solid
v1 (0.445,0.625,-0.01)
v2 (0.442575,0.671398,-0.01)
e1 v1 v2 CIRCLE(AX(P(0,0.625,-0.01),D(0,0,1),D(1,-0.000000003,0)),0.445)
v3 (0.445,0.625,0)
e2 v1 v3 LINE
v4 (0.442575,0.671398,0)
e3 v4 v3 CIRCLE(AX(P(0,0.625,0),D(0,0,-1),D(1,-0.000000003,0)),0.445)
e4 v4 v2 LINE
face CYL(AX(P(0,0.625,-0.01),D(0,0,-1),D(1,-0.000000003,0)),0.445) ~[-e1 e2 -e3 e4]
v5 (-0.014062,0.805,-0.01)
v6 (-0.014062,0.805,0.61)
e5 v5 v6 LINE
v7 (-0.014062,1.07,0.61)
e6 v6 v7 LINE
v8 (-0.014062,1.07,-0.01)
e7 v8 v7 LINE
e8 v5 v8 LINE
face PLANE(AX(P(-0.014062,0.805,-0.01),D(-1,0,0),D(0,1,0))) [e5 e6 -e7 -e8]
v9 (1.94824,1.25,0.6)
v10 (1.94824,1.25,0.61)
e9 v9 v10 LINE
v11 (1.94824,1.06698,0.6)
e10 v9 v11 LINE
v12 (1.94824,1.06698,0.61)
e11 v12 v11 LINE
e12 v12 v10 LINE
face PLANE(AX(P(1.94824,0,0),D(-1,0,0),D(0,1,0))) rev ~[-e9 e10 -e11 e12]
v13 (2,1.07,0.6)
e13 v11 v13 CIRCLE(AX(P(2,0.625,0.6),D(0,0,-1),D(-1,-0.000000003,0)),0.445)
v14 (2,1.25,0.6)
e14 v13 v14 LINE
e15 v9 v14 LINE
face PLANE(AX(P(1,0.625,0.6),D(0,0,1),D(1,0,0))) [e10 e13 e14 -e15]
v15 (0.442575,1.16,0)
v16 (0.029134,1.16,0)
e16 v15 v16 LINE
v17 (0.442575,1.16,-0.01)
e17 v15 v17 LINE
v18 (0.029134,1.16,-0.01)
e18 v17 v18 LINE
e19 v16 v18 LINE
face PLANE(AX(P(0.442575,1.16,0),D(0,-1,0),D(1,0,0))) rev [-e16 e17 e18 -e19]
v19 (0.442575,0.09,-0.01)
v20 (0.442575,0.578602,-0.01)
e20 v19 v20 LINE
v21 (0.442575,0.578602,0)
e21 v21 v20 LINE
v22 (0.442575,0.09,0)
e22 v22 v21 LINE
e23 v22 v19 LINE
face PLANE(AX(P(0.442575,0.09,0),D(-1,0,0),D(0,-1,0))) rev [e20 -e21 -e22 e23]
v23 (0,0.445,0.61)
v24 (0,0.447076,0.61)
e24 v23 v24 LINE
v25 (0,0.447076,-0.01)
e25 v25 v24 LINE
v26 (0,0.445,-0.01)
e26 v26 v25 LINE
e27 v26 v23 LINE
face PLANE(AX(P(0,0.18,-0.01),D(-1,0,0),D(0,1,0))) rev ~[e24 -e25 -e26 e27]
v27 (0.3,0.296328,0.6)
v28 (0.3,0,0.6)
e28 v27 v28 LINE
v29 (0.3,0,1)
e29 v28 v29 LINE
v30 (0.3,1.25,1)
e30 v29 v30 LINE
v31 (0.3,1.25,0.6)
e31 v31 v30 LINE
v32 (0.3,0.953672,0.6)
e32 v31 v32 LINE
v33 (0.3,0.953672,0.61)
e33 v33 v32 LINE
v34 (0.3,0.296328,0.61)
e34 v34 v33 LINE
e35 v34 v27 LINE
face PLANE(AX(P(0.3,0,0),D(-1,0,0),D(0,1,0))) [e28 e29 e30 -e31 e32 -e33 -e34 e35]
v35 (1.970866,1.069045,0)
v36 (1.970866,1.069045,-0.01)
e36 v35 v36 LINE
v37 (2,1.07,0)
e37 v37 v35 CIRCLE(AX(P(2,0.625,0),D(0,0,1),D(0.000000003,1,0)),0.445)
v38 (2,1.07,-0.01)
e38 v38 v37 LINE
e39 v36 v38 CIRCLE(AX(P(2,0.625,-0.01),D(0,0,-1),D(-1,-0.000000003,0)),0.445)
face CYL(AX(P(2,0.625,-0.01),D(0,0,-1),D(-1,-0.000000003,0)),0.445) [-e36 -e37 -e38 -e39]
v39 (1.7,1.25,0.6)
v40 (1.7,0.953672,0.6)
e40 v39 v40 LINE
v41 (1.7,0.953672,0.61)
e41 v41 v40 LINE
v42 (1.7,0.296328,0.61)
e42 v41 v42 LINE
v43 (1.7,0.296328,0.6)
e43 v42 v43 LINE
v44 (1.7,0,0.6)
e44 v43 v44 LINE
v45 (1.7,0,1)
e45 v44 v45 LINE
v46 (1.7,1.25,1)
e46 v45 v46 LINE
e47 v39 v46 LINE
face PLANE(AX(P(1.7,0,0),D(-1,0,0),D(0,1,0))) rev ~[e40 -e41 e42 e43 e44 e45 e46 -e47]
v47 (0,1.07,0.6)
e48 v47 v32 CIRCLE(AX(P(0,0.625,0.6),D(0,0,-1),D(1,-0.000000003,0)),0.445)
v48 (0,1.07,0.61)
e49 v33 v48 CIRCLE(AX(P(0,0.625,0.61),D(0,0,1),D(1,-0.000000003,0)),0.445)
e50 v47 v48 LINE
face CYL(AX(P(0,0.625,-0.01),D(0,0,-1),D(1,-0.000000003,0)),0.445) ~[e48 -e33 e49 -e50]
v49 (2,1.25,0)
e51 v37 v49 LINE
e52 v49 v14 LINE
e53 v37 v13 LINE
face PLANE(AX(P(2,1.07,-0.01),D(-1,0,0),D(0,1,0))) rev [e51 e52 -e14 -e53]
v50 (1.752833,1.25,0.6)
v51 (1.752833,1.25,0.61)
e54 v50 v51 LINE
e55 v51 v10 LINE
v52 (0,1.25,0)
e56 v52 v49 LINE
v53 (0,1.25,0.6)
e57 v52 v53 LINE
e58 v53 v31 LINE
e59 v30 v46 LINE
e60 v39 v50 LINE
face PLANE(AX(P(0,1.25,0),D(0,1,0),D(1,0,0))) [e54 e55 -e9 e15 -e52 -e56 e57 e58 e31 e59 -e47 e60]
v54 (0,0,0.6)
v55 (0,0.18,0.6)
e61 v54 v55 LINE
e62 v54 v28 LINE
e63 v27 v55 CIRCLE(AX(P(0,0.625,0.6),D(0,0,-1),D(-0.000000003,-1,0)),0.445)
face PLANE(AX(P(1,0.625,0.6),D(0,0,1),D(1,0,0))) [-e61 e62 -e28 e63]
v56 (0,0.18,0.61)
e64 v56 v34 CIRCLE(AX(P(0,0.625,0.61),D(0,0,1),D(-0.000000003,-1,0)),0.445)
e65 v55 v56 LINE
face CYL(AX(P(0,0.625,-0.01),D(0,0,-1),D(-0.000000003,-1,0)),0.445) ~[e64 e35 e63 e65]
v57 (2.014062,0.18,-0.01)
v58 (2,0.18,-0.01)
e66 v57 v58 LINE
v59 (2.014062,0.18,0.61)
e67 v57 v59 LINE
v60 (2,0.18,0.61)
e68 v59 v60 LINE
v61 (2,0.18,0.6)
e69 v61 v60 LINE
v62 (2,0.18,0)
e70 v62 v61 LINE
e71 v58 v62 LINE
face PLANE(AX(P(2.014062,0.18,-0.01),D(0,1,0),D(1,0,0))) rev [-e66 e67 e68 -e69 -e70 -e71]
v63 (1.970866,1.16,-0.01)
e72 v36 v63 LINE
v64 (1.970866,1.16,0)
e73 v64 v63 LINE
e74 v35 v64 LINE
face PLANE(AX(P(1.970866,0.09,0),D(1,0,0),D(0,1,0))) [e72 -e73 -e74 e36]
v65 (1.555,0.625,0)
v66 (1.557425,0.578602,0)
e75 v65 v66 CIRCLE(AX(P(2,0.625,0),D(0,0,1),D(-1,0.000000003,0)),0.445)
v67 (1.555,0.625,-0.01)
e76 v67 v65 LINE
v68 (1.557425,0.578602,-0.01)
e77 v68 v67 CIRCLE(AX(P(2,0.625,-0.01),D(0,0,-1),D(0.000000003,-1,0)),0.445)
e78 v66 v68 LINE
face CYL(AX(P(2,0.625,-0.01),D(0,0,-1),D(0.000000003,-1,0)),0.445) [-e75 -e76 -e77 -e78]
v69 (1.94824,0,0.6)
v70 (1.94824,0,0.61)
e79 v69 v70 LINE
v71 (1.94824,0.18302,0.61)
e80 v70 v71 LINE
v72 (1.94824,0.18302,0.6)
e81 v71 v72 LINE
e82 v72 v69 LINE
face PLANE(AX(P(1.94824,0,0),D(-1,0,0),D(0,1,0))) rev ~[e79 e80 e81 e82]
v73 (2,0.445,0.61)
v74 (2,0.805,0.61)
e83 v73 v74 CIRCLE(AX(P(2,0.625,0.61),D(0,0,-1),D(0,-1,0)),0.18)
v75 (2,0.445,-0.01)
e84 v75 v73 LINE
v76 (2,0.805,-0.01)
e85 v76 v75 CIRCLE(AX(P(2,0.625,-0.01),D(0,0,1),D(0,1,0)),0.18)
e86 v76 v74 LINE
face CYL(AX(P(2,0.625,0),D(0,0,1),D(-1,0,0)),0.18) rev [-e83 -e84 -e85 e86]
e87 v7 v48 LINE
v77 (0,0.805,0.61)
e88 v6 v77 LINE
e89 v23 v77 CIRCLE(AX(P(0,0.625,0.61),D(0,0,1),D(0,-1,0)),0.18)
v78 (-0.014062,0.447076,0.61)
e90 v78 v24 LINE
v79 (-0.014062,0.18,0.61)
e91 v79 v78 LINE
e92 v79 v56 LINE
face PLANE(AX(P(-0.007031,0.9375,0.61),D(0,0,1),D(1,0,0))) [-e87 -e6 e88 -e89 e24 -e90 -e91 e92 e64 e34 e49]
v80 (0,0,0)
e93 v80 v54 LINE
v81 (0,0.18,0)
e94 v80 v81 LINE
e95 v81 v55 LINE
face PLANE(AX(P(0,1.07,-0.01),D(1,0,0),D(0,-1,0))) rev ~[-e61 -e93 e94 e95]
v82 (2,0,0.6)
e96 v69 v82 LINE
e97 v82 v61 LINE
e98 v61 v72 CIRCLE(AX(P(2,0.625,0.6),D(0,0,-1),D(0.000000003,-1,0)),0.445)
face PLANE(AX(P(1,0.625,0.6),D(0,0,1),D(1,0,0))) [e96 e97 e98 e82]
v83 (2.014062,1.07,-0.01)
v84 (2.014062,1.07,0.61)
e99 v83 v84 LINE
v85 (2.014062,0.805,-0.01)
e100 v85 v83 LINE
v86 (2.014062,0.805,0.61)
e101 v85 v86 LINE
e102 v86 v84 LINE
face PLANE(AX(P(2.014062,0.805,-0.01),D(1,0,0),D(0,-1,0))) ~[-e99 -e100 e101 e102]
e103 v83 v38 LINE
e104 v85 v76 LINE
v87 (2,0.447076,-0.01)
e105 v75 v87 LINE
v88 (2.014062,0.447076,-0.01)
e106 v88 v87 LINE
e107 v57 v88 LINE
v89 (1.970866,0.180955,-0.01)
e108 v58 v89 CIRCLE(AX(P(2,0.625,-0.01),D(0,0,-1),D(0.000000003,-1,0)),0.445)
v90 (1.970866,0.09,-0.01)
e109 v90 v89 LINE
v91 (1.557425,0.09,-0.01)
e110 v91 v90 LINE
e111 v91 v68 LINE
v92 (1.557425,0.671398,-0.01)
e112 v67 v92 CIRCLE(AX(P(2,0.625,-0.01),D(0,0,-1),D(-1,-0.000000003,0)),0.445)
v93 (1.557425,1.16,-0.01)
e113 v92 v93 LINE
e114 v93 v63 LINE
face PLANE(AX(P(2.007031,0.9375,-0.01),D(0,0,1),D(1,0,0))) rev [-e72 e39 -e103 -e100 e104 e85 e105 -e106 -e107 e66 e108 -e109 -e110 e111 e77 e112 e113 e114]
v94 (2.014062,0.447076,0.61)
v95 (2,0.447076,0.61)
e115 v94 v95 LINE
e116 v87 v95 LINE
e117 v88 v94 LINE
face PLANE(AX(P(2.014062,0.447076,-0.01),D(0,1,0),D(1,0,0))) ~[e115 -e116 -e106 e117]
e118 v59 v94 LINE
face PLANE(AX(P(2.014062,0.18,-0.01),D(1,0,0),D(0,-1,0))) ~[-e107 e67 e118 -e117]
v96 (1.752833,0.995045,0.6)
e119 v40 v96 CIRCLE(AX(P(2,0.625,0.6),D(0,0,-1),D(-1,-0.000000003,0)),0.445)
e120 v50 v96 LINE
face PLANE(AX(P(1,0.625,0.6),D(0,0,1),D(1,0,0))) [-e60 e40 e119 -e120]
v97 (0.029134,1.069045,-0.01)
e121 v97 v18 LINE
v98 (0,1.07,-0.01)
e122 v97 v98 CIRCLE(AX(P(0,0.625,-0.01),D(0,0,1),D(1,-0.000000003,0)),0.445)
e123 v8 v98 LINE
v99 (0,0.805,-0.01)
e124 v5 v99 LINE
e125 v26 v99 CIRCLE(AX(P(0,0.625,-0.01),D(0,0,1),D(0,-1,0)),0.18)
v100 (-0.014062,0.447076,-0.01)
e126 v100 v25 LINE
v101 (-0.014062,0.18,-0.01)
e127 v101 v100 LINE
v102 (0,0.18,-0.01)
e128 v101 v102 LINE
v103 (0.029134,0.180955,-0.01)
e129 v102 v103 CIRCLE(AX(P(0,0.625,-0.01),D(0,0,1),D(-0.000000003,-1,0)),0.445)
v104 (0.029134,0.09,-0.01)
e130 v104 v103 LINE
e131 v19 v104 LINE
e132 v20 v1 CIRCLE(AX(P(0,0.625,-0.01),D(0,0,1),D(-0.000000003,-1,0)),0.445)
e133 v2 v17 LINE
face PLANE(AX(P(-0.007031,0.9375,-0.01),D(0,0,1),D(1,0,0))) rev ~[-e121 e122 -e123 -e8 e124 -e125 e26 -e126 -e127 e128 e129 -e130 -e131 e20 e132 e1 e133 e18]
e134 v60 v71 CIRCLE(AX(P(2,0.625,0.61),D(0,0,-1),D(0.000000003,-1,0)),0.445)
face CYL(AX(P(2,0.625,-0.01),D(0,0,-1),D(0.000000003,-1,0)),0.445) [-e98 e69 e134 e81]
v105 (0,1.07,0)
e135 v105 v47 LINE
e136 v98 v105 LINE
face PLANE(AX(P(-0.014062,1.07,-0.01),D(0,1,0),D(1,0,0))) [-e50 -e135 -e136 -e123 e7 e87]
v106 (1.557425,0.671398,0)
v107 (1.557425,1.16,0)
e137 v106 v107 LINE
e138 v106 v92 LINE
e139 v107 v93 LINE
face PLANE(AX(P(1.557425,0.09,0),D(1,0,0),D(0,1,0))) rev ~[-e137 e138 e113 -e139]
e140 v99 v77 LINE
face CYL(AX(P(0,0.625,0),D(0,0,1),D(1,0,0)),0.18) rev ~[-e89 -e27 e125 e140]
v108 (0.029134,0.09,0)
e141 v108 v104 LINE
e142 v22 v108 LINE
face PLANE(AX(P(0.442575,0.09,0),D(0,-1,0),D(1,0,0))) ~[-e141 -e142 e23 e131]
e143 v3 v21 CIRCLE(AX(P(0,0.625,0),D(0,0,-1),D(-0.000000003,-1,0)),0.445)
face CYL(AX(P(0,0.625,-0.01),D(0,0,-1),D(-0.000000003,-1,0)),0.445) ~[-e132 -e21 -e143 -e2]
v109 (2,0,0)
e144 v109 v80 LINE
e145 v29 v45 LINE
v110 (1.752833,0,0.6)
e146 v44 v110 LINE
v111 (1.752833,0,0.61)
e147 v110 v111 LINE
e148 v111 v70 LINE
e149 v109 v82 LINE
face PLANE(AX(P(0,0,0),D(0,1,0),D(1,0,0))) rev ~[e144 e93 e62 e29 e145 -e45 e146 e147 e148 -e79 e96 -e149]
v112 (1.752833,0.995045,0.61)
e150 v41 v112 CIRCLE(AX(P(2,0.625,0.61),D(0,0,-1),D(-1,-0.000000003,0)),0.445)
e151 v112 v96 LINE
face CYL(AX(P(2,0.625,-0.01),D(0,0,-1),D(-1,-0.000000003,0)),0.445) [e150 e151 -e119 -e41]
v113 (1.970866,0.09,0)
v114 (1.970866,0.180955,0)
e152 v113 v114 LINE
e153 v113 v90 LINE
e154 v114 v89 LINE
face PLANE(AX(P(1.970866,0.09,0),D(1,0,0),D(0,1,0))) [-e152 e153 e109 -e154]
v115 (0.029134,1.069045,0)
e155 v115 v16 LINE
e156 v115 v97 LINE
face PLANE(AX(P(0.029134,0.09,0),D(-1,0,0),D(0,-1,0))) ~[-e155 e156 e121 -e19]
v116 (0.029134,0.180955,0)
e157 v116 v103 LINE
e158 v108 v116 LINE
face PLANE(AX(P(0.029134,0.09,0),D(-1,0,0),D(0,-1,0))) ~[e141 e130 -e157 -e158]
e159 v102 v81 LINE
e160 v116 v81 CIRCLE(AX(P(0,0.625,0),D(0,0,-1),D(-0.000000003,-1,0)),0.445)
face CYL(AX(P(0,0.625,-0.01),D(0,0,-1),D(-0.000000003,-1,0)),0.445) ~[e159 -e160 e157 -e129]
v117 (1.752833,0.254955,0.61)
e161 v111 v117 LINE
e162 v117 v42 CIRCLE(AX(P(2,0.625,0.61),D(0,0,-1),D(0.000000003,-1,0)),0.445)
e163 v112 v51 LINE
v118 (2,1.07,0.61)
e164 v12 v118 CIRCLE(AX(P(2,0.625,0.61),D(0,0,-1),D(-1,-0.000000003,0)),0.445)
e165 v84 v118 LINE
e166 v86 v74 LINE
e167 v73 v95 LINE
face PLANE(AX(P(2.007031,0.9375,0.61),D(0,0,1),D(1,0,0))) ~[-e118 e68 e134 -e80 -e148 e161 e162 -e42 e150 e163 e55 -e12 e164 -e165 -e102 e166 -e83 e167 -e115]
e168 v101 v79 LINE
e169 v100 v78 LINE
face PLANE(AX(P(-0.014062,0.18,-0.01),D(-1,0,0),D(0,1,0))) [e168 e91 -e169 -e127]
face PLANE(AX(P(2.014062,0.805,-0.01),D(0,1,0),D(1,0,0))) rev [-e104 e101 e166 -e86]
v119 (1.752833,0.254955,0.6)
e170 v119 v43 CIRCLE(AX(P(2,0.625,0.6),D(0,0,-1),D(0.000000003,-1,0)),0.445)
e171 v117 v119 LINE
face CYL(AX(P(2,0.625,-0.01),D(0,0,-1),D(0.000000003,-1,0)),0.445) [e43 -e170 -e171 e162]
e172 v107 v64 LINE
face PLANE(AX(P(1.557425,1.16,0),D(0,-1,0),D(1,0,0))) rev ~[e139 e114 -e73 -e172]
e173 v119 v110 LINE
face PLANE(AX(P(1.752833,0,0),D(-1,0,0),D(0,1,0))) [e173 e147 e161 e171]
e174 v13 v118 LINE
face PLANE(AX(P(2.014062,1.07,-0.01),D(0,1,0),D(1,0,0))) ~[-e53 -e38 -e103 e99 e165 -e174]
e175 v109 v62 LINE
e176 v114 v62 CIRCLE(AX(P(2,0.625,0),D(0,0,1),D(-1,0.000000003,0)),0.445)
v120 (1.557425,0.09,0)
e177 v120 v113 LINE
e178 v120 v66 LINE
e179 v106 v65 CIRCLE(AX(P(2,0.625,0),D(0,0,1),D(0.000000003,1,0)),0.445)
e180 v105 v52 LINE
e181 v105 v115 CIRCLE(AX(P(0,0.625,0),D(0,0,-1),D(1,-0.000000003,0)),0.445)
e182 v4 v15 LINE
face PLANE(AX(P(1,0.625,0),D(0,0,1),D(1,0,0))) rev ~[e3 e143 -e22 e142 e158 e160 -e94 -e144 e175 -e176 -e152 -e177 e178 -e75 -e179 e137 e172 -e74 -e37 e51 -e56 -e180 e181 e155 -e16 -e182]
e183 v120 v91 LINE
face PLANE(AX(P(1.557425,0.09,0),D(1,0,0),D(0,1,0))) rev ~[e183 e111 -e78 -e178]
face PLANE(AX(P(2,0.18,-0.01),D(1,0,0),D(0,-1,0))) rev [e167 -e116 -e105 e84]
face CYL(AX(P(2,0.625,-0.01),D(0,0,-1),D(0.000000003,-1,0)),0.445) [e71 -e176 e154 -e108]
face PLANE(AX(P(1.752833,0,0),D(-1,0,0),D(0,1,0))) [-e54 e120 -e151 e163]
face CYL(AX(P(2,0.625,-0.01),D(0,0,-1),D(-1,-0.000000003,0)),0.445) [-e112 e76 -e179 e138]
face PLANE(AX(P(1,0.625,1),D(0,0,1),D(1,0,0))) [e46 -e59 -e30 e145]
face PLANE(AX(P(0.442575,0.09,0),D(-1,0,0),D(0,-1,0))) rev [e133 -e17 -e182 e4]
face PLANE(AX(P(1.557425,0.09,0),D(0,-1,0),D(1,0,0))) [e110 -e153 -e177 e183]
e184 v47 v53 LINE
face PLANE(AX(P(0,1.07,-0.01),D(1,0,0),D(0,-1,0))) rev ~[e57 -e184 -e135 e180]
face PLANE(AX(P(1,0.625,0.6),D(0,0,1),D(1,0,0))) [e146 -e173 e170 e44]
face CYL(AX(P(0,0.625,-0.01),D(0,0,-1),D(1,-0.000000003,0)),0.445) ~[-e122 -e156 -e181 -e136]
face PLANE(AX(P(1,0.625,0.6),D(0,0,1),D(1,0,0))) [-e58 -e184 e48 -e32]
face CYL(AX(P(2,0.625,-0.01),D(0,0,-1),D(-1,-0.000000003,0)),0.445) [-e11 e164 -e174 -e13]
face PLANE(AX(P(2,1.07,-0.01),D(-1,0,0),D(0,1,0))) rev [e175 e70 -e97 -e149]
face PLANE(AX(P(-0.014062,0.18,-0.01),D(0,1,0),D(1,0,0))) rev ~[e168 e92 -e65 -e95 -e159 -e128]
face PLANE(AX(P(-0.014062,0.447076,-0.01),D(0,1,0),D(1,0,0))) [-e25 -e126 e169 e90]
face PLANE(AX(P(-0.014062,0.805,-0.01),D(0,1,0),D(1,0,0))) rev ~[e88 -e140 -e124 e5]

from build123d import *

# Parameters (mm, degrees)
SKETCH1_W           = 2
SKETCH1_H           = 1.25
BOSS_EXTRUDE1_DEPTH = 0.6
SKETCH2_W           = 1.4
SKETCH2_H           = 1.25
BOSS_EXTRUDE2_DEPTH = 1
BOSS_EXTRUDE3_START = -0.01
BOSS_EXTRUDE3_DEPTH = 0.62
SKETCH4_W           = 0.19540743
SKETCH4_H           = 1.25
BOSS_EXTRUDE4_DEPTH = 0.61
SKETCH7_W           = 0.413440983
SKETCH7_H           = 1.07
BOSS_EXTRUDE5_DEPTH = 0.01
SKETCH8_R           = 0.18
CUT_EXTRUDE1_DEPTH  = 3.561737691
BOSS_EXTRUDE6_START = -0.01
SKETCH9_W           = 0.014061716
SKETCH9_H           = 0.265
SKETCH9_H_2         = 0.267076393
BOSS_EXTRUDE6_DEPTH = 0.62


with BuildPart() as part:
    # Sketch1 → Boss-Extrude1 (new body)
    with BuildSketch(Plane.XY):
        with Locations((1, 0.625)):
            Rectangle(SKETCH1_W, SKETCH1_H)
    extrude(amount=BOSS_EXTRUDE1_DEPTH)

    # Sketch2 → Boss-Extrude2 (add)
    with BuildSketch(Plane.XY):
        with Locations((1, 0.625)):
            Rectangle(SKETCH2_W, SKETCH2_H)
    extrude(amount=BOSS_EXTRUDE2_DEPTH)

    # Sketch3 → Boss-Extrude3 (add)
    with BuildSketch(Plane.XY.offset(BOSS_EXTRUDE3_START)):
        with BuildLine():
            ThreePointArc((0.445, 0.625), (0.314662518, 0.939662518), (0, 1.07))
            Line((0, 1.07), (0, 0.18))
            ThreePointArc((0, 0.18), (0.314662518, 0.310337482), (0.445, 0.625))
        make_face()
    boss_extrude3 = extrude(amount=BOSS_EXTRUDE3_DEPTH)

    # Mirror1: Boss-Extrude3 across plane
    add(boss_extrude3.mirror(Plane(origin=(1, 0, 0), x_dir=(0, 0, 1), z_dir=(1, 0, 0))))

    # Sketch4 → Boss-Extrude4 (add)
    with BuildSketch(Plane.XY):
        with Locations((1.850536551, 0.625)):
            Rectangle(SKETCH4_W, SKETCH4_H)
    extrude(amount=BOSS_EXTRUDE4_DEPTH)

    # Sketch7 → Boss-Extrude5 (add)
    with BuildSketch(Plane.XY):
        with Locations((1.764145898, 0.625)):
            Rectangle(SKETCH7_W, SKETCH7_H)
    boss_extrude5 = extrude(amount=-BOSS_EXTRUDE5_DEPTH)

    # Mirror2: Boss-Extrude5 across plane
    add(boss_extrude5.mirror(Plane(origin=(1, 0, 0), x_dir=(0, 0, 1), z_dir=(1, 0, 0))))

    # Sketch8 → Cut-Extrude1 (cut, symmetric)
    with BuildSketch(Plane.XY):
        with Locations((0, 0.625)):
            Circle(SKETCH8_R)
    cut_extrude1 = extrude(amount=CUT_EXTRUDE1_DEPTH, both=True, mode=Mode.SUBTRACT)

    # Mirror3: Cut-Extrude1 across plane
    add(cut_extrude1.mirror(Plane(origin=(1, 0, 0), x_dir=(0, 0, 1), z_dir=(1, 0, 0))), mode=Mode.SUBTRACT)

    # Sketch9 → Boss-Extrude6 (add)
    with BuildSketch(Plane.XY.offset(BOSS_EXTRUDE6_START)):
        with Locations((-0.007030858, 0.9375)):
            Rectangle(SKETCH9_W, SKETCH9_H)
        with Locations((-0.007030858, 0.313538197)):
            Rectangle(SKETCH9_W, SKETCH9_H_2)
    boss_extrude6 = extrude(amount=BOSS_EXTRUDE6_DEPTH)

    # Mirror4: Boss-Extrude6 across plane
    add(boss_extrude6.mirror(Plane(origin=(1, 0, 0), x_dir=(0, 0, 1), z_dir=(1, 0, 0))))


solid = part.part
